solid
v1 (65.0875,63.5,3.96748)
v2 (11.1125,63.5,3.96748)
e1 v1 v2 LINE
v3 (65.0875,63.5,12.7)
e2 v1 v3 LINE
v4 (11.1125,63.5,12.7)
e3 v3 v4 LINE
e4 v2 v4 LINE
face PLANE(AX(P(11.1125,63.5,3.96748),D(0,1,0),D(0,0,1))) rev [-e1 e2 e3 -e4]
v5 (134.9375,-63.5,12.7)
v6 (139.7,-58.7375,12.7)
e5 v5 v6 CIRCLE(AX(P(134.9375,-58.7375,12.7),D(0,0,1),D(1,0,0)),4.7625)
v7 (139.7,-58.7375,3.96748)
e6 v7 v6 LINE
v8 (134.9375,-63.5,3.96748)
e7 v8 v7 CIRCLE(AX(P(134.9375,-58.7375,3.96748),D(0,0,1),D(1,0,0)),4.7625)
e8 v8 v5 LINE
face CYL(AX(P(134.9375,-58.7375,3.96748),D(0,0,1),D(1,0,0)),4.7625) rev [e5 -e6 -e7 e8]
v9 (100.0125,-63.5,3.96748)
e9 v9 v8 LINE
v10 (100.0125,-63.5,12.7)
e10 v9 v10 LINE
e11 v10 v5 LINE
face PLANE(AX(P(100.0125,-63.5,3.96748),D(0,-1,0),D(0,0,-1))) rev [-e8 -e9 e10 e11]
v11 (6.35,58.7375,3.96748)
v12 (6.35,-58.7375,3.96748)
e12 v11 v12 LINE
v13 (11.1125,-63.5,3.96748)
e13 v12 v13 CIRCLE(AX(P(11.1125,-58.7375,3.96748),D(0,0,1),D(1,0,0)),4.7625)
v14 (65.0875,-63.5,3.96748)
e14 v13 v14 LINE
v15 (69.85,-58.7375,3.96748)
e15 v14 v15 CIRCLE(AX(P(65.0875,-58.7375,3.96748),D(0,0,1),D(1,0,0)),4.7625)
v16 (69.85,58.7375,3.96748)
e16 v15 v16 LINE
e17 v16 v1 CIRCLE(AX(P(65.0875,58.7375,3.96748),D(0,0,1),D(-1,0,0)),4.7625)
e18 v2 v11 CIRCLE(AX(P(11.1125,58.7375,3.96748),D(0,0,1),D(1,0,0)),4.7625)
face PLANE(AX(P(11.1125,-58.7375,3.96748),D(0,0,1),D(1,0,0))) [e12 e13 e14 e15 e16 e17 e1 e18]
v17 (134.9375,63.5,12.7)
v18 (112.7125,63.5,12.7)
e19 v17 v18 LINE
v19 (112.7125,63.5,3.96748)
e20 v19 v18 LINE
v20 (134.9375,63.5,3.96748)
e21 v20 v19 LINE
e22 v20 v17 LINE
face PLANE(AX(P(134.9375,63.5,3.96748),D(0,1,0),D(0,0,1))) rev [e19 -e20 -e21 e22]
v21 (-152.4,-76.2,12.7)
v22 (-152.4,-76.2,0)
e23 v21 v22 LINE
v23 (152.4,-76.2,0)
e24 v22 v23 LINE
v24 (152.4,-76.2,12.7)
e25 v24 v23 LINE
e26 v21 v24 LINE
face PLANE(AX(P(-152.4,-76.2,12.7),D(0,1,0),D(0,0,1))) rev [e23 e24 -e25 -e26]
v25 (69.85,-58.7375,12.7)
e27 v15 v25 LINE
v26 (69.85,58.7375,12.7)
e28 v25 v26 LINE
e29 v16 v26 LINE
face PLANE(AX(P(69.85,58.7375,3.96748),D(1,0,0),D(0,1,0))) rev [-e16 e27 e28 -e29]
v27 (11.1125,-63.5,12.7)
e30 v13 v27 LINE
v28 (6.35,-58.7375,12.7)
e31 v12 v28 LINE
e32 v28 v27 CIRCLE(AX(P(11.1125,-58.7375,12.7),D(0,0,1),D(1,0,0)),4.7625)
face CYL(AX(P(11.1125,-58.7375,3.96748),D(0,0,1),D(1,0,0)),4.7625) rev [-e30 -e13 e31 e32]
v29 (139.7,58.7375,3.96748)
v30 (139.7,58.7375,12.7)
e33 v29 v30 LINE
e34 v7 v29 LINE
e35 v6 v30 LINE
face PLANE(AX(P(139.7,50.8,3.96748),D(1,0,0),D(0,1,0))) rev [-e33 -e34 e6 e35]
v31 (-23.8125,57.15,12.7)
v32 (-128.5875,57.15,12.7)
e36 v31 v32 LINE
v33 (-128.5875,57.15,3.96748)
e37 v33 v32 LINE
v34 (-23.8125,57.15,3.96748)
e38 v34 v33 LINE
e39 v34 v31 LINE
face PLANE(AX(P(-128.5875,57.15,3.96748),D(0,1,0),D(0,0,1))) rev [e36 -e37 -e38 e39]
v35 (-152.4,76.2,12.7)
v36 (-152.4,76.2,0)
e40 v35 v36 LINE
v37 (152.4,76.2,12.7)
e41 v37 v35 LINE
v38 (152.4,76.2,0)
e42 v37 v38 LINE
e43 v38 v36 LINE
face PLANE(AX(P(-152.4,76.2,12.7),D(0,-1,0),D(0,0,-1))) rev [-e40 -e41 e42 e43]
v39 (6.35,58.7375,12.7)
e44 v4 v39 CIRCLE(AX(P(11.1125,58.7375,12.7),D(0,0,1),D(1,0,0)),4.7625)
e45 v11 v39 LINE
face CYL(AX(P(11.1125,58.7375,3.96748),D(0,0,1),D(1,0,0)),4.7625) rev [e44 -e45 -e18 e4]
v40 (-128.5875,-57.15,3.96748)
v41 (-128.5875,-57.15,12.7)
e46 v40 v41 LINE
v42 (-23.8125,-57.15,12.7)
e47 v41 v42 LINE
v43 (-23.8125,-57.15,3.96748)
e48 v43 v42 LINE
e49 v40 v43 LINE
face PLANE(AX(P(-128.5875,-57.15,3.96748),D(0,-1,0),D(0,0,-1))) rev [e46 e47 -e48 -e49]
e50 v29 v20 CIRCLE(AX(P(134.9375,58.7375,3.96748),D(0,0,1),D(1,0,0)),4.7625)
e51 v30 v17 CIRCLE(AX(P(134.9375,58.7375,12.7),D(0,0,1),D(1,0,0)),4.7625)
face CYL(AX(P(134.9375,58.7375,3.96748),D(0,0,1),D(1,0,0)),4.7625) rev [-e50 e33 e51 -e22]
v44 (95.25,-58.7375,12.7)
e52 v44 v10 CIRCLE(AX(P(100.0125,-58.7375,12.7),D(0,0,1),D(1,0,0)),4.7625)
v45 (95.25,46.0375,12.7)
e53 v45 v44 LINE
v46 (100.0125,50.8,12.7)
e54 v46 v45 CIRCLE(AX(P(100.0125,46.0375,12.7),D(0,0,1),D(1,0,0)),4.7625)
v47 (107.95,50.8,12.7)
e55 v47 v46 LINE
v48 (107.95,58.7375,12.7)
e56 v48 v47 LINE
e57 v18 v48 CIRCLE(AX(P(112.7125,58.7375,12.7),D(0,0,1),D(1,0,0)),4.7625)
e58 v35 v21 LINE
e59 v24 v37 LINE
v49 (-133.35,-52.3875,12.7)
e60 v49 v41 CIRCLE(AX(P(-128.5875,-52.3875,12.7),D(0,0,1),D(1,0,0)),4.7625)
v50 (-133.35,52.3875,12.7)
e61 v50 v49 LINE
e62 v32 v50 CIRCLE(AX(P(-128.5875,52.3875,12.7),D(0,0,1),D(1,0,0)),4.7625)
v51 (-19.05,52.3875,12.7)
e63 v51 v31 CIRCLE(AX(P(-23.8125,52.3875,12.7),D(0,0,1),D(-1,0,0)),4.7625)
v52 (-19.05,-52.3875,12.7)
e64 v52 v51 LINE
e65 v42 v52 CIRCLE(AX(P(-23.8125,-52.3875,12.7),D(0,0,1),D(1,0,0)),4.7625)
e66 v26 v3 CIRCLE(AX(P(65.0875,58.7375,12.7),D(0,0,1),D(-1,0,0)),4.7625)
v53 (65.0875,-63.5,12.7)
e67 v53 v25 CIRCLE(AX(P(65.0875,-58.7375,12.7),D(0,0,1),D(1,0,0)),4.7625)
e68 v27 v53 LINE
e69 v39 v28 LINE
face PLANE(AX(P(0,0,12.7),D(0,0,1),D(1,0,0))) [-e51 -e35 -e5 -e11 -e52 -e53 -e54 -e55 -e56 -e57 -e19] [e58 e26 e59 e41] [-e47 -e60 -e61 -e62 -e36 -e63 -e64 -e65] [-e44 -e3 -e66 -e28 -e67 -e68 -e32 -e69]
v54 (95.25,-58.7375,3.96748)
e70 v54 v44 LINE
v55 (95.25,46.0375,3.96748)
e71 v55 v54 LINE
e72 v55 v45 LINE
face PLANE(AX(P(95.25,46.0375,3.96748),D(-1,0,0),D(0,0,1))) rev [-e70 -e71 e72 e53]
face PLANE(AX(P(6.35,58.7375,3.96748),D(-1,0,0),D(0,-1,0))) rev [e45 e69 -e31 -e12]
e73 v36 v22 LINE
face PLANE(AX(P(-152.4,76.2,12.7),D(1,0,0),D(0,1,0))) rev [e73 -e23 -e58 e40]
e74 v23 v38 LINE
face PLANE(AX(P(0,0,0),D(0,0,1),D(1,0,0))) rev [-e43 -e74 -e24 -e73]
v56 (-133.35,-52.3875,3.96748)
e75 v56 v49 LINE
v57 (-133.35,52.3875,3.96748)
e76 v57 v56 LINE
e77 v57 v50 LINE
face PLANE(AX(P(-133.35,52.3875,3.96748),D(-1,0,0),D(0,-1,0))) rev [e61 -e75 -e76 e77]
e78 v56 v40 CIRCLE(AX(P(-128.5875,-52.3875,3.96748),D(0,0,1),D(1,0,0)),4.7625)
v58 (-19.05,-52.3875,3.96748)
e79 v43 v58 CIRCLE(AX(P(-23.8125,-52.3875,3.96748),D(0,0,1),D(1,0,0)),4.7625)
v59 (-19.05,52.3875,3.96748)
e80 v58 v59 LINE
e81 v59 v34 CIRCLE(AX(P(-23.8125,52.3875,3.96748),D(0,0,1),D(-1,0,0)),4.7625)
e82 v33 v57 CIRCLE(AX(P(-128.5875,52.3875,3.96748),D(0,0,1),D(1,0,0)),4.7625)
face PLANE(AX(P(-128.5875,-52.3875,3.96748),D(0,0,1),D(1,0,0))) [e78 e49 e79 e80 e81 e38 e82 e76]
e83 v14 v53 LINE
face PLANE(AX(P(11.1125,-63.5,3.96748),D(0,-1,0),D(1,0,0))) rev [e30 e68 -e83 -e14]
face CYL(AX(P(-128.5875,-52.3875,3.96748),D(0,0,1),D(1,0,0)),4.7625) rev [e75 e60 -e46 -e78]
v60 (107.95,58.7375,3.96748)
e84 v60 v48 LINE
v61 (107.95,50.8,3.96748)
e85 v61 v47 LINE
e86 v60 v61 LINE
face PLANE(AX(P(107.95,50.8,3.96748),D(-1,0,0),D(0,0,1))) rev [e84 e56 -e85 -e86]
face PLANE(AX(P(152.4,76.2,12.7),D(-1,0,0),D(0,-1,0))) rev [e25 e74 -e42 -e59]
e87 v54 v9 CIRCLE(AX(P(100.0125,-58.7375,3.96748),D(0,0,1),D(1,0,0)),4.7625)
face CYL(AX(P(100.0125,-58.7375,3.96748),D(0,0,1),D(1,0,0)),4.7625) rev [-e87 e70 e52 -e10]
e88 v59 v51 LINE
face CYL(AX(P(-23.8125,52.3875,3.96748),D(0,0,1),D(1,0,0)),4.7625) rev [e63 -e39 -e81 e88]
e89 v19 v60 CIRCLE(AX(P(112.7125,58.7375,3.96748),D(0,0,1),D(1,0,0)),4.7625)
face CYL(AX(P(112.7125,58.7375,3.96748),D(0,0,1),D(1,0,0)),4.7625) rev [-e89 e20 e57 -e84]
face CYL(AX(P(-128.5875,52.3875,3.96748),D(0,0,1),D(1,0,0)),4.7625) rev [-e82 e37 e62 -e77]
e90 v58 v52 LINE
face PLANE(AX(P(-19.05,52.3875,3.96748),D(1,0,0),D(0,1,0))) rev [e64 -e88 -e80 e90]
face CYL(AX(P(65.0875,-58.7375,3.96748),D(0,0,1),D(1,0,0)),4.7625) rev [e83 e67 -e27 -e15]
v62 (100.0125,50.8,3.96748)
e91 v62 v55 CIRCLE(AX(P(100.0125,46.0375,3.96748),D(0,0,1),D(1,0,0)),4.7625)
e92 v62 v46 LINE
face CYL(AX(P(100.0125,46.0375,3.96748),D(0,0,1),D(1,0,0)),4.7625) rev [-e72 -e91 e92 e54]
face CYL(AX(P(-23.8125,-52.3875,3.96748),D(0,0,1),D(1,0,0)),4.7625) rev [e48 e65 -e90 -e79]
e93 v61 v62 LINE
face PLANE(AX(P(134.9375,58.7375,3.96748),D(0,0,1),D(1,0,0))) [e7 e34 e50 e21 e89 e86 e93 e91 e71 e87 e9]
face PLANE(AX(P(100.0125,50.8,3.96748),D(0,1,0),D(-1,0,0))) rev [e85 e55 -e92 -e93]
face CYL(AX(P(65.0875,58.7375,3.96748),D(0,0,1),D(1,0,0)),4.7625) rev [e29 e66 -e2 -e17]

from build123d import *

# Parameters (mm, degrees)
SKETCH1_W           = 304.8
SKETCH1_H           = 152.4
BOSS_EXTRUDE1_DEPTH = 12.7
CUT_EXTRUDE1_DEPTH  = 8.73252
CUT_EXTRUDE2_DEPTH  = 8.73252


with BuildPart() as part:
    # Sketch1 → Boss-Extrude1 (new body)
    with BuildSketch(Plane.XY):
        Rectangle(SKETCH1_W, SKETCH1_H)
    extrude(amount=BOSS_EXTRUDE1_DEPTH)

    # Sketch2 → Cut-Extrude1 (cut)
    with BuildSketch(Plane.XY.offset(12.7)):
        with BuildLine():
            Line((-128.5875, 57.15), (-23.8125, 57.15))
            ThreePointArc((-23.8125, 57.15), (-20.444903955, 55.755096045), (-19.05, 52.3875))
            Line((-19.05, 52.3875), (-19.05, -52.3875))
            ThreePointArc((-19.05, -52.3875), (-20.444903955, -55.755096045), (-23.8125, -57.15))
            Line((-23.8125, -57.15), (-128.5875, -57.15))
            ThreePointArc((-128.5875, -57.15), (-131.955096045, -55.755096045), (-133.35, -52.3875))
            Line((-133.35, -52.3875), (-133.35, 52.3875))
            ThreePointArc((-133.35, 52.3875), (-131.955096045, 55.755096045), (-128.5875, 57.15))
        make_face()
    extrude(amount=-CUT_EXTRUDE1_DEPTH, mode=Mode.SUBTRACT)

    # Sketch3 → Cut-Extrude2 (cut)
    with BuildSketch(Plane.XY.offset(12.7)):
        with BuildLine():
            Line((100.0125, 50.8), (107.95, 50.8))
            Line((107.95, 50.8), (107.95, 58.7375))
            ThreePointArc((107.95, 58.7375), (109.344903955, 62.105096045), (112.7125, 63.5))
            Line((112.7125, 63.5), (134.9375, 63.5))
            ThreePointArc((134.9375, 63.5), (138.305096045, 62.105096045), (139.7, 58.7375))
            Line((139.7, 58.7375), (139.7, 50.8))
            Line((139.7, 50.8), (139.7, -58.7375))
            ThreePointArc((139.7, -58.7375), (138.305096045, -62.105096045), (134.9375, -63.5))
            Line((134.9375, -63.5), (100.0125, -63.5))
            ThreePointArc((100.0125, -63.5), (96.644903955, -62.105096045), (95.25, -58.7375))
            Line((95.25, -58.7375), (95.25, 46.0375))
            ThreePointArc((95.25, 46.0375), (96.644903955, 49.405096045), (100.0125, 50.8))
        make_face()
        with BuildLine():
            Line((11.1125, 63.5), (65.0875, 63.5))
            ThreePointArc((65.0875, 63.5), (68.455096045, 62.105096045), (69.85, 58.7375))
            Line((69.85, 58.7375), (69.85, -58.7375))
            ThreePointArc((69.85, -58.7375), (68.455096045, -62.105096045), (65.0875, -63.5))
            Line((65.0875, -63.5), (11.1125, -63.5))
            ThreePointArc((11.1125, -63.5), (7.744903955, -62.105096045), (6.35, -58.7375))
            Line((6.35, -58.7375), (6.35, 58.7375))
            ThreePointArc((6.35, 58.7375), (7.744903955, 62.105096045), (11.1125, 63.5))
        make_face()
    extrude(amount=-CUT_EXTRUDE2_DEPTH, mode=Mode.SUBTRACT)


solid = part.part
